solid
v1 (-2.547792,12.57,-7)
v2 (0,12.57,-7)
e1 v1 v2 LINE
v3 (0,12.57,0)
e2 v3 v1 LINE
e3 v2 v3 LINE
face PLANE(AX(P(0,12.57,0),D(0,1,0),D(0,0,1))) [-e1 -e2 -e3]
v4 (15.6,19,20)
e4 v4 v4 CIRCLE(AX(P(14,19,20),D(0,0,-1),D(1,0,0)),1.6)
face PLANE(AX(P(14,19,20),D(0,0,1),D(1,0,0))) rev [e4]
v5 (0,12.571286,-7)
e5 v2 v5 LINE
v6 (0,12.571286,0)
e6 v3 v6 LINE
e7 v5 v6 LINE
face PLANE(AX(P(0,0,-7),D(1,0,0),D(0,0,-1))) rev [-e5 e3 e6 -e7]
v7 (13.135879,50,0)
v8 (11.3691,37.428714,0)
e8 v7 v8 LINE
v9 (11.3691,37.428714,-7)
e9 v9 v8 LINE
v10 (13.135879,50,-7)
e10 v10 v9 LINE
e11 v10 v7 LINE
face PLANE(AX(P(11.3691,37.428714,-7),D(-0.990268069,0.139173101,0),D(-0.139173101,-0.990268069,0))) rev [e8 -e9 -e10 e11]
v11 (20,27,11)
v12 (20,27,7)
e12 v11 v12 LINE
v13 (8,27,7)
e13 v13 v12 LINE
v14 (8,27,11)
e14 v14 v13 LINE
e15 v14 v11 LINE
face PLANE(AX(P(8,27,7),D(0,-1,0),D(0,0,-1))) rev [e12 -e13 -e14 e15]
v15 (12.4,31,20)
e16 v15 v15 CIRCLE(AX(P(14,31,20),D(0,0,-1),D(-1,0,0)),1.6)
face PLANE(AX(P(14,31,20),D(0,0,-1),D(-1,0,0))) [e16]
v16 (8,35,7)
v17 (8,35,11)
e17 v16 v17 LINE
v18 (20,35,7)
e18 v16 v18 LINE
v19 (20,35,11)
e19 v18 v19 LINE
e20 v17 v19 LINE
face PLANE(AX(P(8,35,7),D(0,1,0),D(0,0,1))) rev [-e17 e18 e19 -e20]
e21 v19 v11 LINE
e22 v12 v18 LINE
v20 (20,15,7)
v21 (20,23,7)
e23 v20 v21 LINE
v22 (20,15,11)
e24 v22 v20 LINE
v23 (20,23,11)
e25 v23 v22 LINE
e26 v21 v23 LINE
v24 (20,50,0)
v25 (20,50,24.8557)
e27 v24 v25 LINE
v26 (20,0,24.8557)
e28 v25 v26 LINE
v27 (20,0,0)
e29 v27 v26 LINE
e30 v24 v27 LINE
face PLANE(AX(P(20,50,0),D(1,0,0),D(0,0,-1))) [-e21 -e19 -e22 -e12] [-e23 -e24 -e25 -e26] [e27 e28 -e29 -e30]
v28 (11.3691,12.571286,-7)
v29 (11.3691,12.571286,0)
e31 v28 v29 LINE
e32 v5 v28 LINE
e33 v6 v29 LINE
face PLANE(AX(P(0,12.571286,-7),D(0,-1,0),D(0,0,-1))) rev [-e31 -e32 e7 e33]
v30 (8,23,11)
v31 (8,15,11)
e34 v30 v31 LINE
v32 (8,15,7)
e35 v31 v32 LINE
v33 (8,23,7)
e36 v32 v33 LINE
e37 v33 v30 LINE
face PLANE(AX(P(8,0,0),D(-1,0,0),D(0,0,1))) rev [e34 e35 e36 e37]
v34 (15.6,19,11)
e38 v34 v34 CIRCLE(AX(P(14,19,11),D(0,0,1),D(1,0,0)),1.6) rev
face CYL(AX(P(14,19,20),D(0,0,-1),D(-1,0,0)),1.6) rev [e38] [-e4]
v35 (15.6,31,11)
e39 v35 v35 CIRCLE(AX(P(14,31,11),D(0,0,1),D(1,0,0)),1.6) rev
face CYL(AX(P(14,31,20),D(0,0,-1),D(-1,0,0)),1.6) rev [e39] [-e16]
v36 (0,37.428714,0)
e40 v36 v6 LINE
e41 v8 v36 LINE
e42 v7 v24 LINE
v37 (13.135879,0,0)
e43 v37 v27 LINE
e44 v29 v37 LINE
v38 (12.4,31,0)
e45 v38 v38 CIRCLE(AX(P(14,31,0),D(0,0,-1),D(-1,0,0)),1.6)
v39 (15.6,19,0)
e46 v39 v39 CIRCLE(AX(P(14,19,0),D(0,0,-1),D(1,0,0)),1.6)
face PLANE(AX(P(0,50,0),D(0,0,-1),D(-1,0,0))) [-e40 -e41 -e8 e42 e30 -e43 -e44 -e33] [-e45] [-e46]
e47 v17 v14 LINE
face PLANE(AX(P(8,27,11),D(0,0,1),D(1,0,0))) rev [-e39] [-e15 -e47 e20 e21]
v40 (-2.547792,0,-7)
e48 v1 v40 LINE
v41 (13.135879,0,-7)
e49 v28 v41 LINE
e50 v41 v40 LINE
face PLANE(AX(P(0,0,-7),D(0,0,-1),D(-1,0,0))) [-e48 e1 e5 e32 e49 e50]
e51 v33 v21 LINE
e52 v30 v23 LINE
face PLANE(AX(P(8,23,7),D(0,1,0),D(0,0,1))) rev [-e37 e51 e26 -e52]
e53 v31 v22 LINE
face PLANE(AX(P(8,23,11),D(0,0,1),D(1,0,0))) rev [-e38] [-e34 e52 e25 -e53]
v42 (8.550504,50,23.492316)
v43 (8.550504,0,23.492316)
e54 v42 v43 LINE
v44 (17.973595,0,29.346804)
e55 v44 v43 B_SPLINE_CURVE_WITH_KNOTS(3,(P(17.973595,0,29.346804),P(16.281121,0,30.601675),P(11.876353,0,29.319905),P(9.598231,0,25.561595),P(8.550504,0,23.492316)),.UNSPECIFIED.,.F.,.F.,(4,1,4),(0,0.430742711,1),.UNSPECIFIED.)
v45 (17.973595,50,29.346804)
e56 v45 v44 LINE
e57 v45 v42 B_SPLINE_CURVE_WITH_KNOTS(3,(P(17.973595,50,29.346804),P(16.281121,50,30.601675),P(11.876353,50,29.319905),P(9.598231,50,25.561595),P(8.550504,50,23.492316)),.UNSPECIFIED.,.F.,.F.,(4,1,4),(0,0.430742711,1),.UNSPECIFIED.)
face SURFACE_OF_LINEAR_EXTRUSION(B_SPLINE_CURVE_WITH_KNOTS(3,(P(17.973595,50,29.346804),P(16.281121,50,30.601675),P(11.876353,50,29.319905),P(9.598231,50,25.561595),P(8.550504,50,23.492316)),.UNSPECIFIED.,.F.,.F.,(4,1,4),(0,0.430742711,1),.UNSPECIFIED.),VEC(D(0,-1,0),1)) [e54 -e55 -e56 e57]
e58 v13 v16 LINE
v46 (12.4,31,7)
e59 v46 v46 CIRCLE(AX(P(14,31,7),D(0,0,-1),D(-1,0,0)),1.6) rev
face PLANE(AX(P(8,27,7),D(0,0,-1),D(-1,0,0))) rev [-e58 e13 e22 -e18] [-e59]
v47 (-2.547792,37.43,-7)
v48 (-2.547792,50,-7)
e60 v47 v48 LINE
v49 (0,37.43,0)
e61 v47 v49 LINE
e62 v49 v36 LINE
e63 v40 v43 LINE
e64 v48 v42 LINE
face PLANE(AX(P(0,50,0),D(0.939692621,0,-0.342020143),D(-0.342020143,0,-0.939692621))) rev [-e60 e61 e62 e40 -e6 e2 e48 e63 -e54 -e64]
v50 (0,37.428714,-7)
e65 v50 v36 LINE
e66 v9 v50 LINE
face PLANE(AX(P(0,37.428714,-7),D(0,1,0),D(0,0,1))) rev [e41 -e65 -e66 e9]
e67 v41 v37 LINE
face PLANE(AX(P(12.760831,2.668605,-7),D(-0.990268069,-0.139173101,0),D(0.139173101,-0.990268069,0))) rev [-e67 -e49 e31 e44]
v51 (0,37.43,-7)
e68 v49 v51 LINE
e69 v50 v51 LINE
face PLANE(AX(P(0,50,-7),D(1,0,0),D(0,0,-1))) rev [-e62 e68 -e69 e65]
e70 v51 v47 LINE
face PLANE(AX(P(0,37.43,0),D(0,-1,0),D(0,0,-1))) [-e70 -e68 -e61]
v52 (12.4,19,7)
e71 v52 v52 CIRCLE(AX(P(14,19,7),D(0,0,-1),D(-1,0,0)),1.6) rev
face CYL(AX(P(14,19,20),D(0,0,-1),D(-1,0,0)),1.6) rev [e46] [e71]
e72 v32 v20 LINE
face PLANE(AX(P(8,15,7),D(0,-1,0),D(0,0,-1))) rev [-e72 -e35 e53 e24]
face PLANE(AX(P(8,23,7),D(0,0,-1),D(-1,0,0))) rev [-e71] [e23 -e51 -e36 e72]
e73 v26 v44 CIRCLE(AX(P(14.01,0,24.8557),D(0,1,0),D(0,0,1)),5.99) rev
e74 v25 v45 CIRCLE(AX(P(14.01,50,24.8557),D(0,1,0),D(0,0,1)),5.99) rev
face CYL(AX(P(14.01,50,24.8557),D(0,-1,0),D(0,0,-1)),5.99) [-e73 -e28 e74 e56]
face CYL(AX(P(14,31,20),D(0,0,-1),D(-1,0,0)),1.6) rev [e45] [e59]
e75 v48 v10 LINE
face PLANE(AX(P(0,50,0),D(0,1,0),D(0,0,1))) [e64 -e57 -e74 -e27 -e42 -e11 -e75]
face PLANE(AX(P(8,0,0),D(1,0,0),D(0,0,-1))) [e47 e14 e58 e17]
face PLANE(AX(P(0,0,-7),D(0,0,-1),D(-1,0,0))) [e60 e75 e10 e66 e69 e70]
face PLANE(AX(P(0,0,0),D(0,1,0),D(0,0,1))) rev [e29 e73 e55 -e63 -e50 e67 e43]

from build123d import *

# Parameters (mm, degrees)
BOSS_EXTRUDE1_DEPTH  = 50
SKETCH2_R            = 1.6
CUT_EXTRUDE1_DEPTH   = 20
SKETCH4_W            = 4
SKETCH4_H            = 8
CUT_EXTRUDE2_DEPTH   = 12
BOSS_EXTRUDE4_DEPTH  = 7
BOSS_EXTRUDE12_DEPTH = 12.57
BOSS_EXTRUDE13_DEPTH = 12.57


with BuildPart() as part:
    # Sketch1 → Boss-Extrude1 (new body)
    with BuildSketch(Plane(origin=(0, 0, 0), x_dir=(1, 0, 0), z_dir=(0, 1, 0))):
        with BuildLine():
            Line((0, 0), (20, 0))
            Line((20, 0), (20, -24.855700299))
            ThreePointArc((20, -24.855700299), (19.469946725, -27.31925094), (17.973595405, -29.34680389))
            add(Edge.make_bspline(
                [(17.973595405, -29.34680389), (16.281120611, -30.60167495), (11.87635292, -29.319904822), (9.598231396, -25.56159513), (8.550503583, -23.49231552)],
                knots=[0, 0, 0, 0, 0.430742711, 1, 1, 1, 1], degree=3))
            Line((8.550503583, -23.49231552), (0, 0))
        make_face()
    extrude(amount=BOSS_EXTRUDE1_DEPTH)

    # Sketch2 → Cut-Extrude1 (cut)
    with BuildSketch(Plane(origin=(0, 0, 0), x_dir=(-1, 0, 0), z_dir=(0, 0, -1))):
        with Locations((-14, 31)):
            Circle(SKETCH2_R)
        with Locations((-14, 19)):
            Circle(SKETCH2_R)
    extrude(amount=-CUT_EXTRUDE1_DEPTH, mode=Mode.SUBTRACT)

    # Sketch4 → Cut-Extrude2 (cut)
    with BuildSketch(Plane(origin=(20, 0, 0), x_dir=(0, 0, -1), z_dir=(1, 0, 0))):
        with Locations((-9, 19)):
            Rectangle(SKETCH4_W, SKETCH4_H)
        with Locations((-9, 31)):
            Rectangle(SKETCH4_W, SKETCH4_H)
    extrude(amount=-CUT_EXTRUDE2_DEPTH, mode=Mode.SUBTRACT)

    # Sketch5 → Boss-Extrude4 (add)
    with BuildSketch(Plane(origin=(0, 0, 0), x_dir=(-1, 0, 0), z_dir=(0, 0, -1))):
        Polygon((-11.369100365, 37.428714266), (-12.760831375, 47.331394953), (-13.135879356, 50), (0, 50), (0, 37.428714266), align=None)
        Polygon((0, 12.571285734), (-11.369100365, 12.571285734), (-12.760831375, 2.668605047), (-13.135879356, 0), (0, 0), align=None)
    extrude(amount=BOSS_EXTRUDE4_DEPTH)

    # Sketch7 → Boss-Extrude12 (add)
    with BuildSketch(Plane(origin=(0, 50, 0), x_dir=(1, 0, 0), z_dir=(0, 1, 0))):
        Polygon((0, 0), (0, 7), (-2.54779164, 7), align=None)
    extrude(amount=-BOSS_EXTRUDE12_DEPTH)

    # Sketch8 → Boss-Extrude13 (add)
    with BuildSketch(Plane(origin=(0, 0, 0), x_dir=(-1, 0, 0), z_dir=(0, -1, 0))):
        Polygon((0, 0), (2.54779164, 7), (0, 7), align=None)
    extrude(amount=-BOSS_EXTRUDE13_DEPTH)


solid = part.part
